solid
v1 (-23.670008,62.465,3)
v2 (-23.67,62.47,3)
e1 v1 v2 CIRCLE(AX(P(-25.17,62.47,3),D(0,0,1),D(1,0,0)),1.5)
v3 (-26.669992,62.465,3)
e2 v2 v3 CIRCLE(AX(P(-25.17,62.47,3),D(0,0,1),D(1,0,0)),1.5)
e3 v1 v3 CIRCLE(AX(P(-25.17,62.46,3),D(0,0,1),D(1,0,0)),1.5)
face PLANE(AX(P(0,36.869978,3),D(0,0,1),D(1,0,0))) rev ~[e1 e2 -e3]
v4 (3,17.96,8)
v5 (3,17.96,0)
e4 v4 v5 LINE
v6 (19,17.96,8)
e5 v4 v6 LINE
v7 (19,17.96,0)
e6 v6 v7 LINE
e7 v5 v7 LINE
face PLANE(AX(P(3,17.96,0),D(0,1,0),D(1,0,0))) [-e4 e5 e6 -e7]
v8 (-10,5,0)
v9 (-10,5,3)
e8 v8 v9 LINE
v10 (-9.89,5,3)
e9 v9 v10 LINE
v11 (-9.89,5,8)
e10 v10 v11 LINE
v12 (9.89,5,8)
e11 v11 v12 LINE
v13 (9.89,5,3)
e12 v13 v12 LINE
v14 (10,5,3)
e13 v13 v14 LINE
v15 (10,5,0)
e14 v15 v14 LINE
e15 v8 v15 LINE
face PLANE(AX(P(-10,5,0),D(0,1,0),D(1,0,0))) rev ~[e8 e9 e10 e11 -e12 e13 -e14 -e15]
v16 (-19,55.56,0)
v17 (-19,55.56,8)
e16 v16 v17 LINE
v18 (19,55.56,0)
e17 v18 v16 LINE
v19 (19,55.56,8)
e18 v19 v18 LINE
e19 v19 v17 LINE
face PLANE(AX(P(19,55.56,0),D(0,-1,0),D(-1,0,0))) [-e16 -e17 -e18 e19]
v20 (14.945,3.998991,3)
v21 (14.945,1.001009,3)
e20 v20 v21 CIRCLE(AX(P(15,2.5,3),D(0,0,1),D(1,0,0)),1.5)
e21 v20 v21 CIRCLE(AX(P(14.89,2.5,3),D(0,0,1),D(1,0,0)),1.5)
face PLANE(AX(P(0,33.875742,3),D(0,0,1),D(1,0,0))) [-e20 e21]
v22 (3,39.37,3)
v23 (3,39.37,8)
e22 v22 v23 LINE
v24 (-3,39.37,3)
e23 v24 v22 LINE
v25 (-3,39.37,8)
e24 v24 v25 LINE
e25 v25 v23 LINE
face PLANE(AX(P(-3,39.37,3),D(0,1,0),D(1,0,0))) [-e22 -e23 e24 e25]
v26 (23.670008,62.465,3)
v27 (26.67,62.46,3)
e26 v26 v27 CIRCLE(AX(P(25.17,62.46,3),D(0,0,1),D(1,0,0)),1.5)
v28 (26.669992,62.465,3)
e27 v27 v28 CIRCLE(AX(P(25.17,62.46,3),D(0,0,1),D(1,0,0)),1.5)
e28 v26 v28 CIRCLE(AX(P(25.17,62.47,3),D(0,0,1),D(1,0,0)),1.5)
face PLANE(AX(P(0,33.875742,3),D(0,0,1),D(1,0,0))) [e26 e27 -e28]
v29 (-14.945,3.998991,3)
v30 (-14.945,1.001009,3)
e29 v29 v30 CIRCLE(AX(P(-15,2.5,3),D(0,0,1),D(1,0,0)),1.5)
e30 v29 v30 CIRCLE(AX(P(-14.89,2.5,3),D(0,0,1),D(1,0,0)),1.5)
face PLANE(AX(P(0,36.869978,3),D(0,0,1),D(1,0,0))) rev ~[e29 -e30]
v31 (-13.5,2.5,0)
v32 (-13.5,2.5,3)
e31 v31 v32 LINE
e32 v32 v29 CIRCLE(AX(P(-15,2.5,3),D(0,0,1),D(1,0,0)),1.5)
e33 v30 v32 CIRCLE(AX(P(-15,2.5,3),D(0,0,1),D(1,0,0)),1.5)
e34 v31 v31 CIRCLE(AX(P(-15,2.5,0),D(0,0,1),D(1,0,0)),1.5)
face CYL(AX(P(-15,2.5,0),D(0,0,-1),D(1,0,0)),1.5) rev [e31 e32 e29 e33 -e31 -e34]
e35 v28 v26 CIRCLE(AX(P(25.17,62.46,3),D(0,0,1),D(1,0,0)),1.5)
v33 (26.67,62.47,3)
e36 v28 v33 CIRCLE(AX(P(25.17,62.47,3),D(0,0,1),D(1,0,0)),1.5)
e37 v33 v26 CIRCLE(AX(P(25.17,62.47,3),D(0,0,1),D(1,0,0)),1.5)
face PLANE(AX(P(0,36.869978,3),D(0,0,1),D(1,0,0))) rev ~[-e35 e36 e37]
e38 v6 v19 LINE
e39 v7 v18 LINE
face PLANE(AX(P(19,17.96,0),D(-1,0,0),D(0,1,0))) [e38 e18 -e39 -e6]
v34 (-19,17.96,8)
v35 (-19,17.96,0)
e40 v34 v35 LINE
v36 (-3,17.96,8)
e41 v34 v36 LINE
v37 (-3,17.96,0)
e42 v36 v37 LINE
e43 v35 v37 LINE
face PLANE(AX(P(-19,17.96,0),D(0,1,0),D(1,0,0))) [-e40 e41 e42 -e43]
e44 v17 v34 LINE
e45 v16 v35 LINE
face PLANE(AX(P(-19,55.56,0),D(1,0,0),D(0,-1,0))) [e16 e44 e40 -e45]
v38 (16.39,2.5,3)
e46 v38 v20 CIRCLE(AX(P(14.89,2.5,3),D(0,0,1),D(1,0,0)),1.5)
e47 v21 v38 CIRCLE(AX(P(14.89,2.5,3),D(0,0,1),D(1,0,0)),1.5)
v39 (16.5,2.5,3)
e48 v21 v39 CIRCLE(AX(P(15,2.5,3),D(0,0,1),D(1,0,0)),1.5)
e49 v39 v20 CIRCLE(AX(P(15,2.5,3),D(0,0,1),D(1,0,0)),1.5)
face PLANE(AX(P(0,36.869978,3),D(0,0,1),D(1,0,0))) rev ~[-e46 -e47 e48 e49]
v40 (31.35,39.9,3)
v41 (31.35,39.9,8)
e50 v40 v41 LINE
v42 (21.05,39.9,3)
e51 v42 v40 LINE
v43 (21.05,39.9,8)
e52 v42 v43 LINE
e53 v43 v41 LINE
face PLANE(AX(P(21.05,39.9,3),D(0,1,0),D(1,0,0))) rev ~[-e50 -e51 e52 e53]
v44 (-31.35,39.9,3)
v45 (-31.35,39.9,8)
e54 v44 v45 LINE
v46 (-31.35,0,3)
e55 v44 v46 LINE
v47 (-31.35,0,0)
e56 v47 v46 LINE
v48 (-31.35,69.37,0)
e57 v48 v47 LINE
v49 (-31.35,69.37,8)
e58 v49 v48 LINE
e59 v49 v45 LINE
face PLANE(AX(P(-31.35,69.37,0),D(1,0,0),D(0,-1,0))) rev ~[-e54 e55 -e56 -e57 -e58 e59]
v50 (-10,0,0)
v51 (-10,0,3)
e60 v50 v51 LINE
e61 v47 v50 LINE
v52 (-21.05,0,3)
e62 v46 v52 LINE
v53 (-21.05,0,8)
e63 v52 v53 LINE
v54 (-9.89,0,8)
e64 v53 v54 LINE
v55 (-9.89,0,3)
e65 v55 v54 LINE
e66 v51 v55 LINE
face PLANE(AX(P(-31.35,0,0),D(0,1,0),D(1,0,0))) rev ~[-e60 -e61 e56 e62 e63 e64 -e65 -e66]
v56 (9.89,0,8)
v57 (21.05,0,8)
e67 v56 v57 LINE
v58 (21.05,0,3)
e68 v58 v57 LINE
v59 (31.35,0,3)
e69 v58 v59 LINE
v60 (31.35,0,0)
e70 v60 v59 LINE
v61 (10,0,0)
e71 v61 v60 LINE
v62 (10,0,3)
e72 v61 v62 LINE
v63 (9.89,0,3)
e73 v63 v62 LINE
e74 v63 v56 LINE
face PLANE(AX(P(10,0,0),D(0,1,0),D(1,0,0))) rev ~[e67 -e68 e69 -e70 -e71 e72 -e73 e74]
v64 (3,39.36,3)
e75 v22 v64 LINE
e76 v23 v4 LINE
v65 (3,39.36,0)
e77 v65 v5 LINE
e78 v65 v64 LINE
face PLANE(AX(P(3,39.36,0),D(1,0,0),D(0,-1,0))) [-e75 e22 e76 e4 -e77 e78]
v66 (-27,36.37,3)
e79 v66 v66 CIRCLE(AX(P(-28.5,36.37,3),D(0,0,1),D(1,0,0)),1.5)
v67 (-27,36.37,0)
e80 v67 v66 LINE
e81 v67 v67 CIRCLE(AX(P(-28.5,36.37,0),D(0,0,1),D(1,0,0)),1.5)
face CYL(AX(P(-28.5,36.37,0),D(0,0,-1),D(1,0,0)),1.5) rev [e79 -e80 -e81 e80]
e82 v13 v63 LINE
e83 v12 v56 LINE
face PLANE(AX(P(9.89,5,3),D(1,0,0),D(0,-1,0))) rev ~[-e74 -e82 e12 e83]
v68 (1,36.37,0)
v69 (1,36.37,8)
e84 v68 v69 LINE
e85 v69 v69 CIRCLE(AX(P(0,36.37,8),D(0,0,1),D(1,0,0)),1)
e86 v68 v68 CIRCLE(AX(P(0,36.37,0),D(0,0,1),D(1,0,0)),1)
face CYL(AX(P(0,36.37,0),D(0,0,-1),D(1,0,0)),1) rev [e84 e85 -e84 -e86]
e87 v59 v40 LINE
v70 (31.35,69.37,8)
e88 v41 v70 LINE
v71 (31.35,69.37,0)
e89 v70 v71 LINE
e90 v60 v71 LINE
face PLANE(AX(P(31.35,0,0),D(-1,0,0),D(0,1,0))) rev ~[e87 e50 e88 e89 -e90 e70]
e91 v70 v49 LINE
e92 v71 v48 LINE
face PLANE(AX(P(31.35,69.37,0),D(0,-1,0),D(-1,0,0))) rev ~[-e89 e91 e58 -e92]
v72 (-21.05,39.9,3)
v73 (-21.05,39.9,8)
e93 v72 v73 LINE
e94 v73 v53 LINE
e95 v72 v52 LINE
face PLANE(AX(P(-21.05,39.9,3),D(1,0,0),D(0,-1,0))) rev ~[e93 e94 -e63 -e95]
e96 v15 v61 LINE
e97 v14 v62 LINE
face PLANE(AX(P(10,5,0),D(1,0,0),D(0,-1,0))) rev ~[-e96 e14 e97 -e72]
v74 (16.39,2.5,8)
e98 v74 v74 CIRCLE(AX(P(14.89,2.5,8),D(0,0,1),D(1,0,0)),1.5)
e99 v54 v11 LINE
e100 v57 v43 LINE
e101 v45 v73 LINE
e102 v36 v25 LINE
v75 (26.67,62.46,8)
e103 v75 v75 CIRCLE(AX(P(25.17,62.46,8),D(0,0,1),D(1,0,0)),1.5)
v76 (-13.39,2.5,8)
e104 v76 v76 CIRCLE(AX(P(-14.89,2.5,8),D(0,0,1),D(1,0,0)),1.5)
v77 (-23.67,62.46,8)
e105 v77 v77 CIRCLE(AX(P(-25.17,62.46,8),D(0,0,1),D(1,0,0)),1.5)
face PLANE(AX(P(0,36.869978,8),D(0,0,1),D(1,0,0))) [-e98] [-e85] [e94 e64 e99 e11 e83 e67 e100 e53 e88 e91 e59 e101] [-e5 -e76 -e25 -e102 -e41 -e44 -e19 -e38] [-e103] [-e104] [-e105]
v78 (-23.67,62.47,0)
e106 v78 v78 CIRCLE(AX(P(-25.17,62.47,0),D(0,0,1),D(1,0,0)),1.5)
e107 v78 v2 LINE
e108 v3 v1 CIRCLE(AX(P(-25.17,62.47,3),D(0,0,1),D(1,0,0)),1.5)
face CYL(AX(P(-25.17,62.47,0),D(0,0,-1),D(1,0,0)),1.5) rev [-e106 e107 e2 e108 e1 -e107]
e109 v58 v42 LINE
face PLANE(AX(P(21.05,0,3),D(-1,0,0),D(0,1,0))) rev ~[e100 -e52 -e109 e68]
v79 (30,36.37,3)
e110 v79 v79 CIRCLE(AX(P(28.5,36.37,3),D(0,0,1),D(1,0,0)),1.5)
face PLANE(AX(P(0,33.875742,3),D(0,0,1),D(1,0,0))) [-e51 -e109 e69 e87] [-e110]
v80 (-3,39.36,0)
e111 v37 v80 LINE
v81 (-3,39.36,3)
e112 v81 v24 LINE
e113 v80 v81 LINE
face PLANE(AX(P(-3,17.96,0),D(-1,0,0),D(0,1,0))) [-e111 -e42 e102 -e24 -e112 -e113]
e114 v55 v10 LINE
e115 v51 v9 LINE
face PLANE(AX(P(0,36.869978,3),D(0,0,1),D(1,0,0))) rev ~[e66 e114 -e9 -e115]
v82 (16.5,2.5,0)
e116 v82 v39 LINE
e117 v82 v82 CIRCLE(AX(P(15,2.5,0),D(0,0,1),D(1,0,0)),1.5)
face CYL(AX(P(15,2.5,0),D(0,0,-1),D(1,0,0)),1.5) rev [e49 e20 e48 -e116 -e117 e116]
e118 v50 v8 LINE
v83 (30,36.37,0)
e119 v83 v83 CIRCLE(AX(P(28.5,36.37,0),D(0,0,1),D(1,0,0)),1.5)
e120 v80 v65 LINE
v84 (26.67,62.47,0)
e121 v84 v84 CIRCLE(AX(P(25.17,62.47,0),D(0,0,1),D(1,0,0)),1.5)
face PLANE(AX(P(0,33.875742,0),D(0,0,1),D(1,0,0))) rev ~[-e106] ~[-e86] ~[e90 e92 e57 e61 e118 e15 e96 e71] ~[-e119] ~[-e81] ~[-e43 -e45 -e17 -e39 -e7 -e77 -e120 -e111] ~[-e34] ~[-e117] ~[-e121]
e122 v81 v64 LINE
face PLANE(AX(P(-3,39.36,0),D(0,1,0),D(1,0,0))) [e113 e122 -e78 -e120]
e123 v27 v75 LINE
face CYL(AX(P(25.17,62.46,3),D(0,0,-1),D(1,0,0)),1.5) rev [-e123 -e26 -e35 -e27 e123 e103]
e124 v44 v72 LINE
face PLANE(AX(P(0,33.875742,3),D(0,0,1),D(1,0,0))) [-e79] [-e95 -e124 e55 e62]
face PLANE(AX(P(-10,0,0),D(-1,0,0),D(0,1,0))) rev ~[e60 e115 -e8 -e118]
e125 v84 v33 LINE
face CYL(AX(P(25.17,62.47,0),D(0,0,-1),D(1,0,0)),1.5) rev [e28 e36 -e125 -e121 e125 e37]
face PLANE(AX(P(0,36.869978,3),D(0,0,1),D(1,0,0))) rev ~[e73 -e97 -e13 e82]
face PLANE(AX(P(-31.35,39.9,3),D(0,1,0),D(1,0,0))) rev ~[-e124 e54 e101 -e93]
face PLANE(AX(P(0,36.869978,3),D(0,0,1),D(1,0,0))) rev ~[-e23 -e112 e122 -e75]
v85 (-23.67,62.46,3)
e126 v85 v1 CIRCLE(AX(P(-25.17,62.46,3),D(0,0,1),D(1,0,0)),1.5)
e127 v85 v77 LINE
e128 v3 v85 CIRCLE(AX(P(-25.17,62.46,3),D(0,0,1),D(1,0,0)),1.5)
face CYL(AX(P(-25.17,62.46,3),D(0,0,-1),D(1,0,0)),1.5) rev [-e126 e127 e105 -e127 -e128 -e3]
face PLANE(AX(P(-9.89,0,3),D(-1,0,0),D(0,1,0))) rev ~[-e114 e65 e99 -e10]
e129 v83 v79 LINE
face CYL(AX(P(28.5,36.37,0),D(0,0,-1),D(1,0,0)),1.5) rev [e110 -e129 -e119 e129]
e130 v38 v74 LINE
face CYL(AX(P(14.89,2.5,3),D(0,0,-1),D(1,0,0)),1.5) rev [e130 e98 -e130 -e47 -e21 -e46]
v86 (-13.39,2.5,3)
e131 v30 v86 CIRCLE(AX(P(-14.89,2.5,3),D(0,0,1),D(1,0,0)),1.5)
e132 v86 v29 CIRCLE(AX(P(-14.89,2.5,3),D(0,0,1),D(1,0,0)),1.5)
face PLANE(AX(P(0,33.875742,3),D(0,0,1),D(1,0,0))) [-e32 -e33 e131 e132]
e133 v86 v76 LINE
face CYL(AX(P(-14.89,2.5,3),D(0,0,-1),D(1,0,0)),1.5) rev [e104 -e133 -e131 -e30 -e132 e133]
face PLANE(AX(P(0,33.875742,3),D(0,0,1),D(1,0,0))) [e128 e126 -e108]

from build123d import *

# Parameters (mm, degrees)
SKETCH002_R   = 1.5
SKETCH002_R_2 = 1
PAD002_DEPTH  = 3
SKETCH001_R   = 1
SKETCH001_R_2 = 1.5
PAD001_DEPTH  = 5


with BuildPart() as platte3:
    # Sketch002 → Pad002 (new body)
    with BuildSketch(Plane.XY):
        Polygon((-31.35, 69.37), (-31.35, 0), (-10, 0), (-10, 5), (10, 5), (10, 0), (31.35, 0), (31.35, 69.37), align=None)
        with Locations((-25.17, 62.47)):
            Circle(SKETCH002_R, mode=Mode.SUBTRACT)
        with Locations((25.17, 62.47)):
            Circle(SKETCH002_R, mode=Mode.SUBTRACT)
        with Locations((-28.5, 36.37)):
            Circle(SKETCH002_R, mode=Mode.SUBTRACT)
        with Locations((28.5, 36.37)):
            Circle(SKETCH002_R, mode=Mode.SUBTRACT)
        with Locations((-15, 2.5)):
            Circle(SKETCH002_R, mode=Mode.SUBTRACT)
        with Locations((15, 2.5)):
            Circle(SKETCH002_R, mode=Mode.SUBTRACT)
        with Locations((0, 36.37)):
            Circle(SKETCH002_R_2, mode=Mode.SUBTRACT)
        Polygon((-19, 55.56), (-19, 17.96), (-3, 17.96), (-3, 39.36), (3, 39.36), (3, 17.96), (19, 17.96), (19, 55.56), align=None, mode=Mode.SUBTRACT)
    extrude(amount=PAD002_DEPTH)


with BuildPart() as fusion:
    # Sketch001 → Pad001 (new body)
    with BuildSketch(Plane.XY):
        Polygon((-31.35, 69.37), (-31.35, 39.9), (-21.05, 39.9), (-21.05, 0), (-9.89, 0), (-9.89, 5), (9.89, 5), (9.89, 0), (21.05, 0), (21.05, 39.9), (31.35, 39.9), (31.35, 69.37), align=None)
        with Locations((0, 36.37)):
            Circle(SKETCH001_R, mode=Mode.SUBTRACT)
        with Locations((-14.89, 2.5)):
            Circle(SKETCH001_R_2, mode=Mode.SUBTRACT)
        with Locations((14.89, 2.5)):
            Circle(SKETCH001_R_2, mode=Mode.SUBTRACT)
        with Locations((-25.17, 62.46)):
            Circle(SKETCH001_R_2, mode=Mode.SUBTRACT)
        with Locations((25.17, 62.46)):
            Circle(SKETCH001_R_2, mode=Mode.SUBTRACT)
        Polygon((-19, 55.56), (-19, 17.96), (-3, 17.96), (-3, 39.37), (3, 39.37), (3, 17.96), (19, 17.96), (19, 55.56), align=None, mode=Mode.SUBTRACT)
    extrude(amount=PAD001_DEPTH)


with BuildPart() as fusion_1:
    # Body001 placement: moved
    add(fusion.part.moved(Location((0, 0, 3))))

    # Fusion: union platte3
    add(platte3.part)


solid = fusion_1.part
